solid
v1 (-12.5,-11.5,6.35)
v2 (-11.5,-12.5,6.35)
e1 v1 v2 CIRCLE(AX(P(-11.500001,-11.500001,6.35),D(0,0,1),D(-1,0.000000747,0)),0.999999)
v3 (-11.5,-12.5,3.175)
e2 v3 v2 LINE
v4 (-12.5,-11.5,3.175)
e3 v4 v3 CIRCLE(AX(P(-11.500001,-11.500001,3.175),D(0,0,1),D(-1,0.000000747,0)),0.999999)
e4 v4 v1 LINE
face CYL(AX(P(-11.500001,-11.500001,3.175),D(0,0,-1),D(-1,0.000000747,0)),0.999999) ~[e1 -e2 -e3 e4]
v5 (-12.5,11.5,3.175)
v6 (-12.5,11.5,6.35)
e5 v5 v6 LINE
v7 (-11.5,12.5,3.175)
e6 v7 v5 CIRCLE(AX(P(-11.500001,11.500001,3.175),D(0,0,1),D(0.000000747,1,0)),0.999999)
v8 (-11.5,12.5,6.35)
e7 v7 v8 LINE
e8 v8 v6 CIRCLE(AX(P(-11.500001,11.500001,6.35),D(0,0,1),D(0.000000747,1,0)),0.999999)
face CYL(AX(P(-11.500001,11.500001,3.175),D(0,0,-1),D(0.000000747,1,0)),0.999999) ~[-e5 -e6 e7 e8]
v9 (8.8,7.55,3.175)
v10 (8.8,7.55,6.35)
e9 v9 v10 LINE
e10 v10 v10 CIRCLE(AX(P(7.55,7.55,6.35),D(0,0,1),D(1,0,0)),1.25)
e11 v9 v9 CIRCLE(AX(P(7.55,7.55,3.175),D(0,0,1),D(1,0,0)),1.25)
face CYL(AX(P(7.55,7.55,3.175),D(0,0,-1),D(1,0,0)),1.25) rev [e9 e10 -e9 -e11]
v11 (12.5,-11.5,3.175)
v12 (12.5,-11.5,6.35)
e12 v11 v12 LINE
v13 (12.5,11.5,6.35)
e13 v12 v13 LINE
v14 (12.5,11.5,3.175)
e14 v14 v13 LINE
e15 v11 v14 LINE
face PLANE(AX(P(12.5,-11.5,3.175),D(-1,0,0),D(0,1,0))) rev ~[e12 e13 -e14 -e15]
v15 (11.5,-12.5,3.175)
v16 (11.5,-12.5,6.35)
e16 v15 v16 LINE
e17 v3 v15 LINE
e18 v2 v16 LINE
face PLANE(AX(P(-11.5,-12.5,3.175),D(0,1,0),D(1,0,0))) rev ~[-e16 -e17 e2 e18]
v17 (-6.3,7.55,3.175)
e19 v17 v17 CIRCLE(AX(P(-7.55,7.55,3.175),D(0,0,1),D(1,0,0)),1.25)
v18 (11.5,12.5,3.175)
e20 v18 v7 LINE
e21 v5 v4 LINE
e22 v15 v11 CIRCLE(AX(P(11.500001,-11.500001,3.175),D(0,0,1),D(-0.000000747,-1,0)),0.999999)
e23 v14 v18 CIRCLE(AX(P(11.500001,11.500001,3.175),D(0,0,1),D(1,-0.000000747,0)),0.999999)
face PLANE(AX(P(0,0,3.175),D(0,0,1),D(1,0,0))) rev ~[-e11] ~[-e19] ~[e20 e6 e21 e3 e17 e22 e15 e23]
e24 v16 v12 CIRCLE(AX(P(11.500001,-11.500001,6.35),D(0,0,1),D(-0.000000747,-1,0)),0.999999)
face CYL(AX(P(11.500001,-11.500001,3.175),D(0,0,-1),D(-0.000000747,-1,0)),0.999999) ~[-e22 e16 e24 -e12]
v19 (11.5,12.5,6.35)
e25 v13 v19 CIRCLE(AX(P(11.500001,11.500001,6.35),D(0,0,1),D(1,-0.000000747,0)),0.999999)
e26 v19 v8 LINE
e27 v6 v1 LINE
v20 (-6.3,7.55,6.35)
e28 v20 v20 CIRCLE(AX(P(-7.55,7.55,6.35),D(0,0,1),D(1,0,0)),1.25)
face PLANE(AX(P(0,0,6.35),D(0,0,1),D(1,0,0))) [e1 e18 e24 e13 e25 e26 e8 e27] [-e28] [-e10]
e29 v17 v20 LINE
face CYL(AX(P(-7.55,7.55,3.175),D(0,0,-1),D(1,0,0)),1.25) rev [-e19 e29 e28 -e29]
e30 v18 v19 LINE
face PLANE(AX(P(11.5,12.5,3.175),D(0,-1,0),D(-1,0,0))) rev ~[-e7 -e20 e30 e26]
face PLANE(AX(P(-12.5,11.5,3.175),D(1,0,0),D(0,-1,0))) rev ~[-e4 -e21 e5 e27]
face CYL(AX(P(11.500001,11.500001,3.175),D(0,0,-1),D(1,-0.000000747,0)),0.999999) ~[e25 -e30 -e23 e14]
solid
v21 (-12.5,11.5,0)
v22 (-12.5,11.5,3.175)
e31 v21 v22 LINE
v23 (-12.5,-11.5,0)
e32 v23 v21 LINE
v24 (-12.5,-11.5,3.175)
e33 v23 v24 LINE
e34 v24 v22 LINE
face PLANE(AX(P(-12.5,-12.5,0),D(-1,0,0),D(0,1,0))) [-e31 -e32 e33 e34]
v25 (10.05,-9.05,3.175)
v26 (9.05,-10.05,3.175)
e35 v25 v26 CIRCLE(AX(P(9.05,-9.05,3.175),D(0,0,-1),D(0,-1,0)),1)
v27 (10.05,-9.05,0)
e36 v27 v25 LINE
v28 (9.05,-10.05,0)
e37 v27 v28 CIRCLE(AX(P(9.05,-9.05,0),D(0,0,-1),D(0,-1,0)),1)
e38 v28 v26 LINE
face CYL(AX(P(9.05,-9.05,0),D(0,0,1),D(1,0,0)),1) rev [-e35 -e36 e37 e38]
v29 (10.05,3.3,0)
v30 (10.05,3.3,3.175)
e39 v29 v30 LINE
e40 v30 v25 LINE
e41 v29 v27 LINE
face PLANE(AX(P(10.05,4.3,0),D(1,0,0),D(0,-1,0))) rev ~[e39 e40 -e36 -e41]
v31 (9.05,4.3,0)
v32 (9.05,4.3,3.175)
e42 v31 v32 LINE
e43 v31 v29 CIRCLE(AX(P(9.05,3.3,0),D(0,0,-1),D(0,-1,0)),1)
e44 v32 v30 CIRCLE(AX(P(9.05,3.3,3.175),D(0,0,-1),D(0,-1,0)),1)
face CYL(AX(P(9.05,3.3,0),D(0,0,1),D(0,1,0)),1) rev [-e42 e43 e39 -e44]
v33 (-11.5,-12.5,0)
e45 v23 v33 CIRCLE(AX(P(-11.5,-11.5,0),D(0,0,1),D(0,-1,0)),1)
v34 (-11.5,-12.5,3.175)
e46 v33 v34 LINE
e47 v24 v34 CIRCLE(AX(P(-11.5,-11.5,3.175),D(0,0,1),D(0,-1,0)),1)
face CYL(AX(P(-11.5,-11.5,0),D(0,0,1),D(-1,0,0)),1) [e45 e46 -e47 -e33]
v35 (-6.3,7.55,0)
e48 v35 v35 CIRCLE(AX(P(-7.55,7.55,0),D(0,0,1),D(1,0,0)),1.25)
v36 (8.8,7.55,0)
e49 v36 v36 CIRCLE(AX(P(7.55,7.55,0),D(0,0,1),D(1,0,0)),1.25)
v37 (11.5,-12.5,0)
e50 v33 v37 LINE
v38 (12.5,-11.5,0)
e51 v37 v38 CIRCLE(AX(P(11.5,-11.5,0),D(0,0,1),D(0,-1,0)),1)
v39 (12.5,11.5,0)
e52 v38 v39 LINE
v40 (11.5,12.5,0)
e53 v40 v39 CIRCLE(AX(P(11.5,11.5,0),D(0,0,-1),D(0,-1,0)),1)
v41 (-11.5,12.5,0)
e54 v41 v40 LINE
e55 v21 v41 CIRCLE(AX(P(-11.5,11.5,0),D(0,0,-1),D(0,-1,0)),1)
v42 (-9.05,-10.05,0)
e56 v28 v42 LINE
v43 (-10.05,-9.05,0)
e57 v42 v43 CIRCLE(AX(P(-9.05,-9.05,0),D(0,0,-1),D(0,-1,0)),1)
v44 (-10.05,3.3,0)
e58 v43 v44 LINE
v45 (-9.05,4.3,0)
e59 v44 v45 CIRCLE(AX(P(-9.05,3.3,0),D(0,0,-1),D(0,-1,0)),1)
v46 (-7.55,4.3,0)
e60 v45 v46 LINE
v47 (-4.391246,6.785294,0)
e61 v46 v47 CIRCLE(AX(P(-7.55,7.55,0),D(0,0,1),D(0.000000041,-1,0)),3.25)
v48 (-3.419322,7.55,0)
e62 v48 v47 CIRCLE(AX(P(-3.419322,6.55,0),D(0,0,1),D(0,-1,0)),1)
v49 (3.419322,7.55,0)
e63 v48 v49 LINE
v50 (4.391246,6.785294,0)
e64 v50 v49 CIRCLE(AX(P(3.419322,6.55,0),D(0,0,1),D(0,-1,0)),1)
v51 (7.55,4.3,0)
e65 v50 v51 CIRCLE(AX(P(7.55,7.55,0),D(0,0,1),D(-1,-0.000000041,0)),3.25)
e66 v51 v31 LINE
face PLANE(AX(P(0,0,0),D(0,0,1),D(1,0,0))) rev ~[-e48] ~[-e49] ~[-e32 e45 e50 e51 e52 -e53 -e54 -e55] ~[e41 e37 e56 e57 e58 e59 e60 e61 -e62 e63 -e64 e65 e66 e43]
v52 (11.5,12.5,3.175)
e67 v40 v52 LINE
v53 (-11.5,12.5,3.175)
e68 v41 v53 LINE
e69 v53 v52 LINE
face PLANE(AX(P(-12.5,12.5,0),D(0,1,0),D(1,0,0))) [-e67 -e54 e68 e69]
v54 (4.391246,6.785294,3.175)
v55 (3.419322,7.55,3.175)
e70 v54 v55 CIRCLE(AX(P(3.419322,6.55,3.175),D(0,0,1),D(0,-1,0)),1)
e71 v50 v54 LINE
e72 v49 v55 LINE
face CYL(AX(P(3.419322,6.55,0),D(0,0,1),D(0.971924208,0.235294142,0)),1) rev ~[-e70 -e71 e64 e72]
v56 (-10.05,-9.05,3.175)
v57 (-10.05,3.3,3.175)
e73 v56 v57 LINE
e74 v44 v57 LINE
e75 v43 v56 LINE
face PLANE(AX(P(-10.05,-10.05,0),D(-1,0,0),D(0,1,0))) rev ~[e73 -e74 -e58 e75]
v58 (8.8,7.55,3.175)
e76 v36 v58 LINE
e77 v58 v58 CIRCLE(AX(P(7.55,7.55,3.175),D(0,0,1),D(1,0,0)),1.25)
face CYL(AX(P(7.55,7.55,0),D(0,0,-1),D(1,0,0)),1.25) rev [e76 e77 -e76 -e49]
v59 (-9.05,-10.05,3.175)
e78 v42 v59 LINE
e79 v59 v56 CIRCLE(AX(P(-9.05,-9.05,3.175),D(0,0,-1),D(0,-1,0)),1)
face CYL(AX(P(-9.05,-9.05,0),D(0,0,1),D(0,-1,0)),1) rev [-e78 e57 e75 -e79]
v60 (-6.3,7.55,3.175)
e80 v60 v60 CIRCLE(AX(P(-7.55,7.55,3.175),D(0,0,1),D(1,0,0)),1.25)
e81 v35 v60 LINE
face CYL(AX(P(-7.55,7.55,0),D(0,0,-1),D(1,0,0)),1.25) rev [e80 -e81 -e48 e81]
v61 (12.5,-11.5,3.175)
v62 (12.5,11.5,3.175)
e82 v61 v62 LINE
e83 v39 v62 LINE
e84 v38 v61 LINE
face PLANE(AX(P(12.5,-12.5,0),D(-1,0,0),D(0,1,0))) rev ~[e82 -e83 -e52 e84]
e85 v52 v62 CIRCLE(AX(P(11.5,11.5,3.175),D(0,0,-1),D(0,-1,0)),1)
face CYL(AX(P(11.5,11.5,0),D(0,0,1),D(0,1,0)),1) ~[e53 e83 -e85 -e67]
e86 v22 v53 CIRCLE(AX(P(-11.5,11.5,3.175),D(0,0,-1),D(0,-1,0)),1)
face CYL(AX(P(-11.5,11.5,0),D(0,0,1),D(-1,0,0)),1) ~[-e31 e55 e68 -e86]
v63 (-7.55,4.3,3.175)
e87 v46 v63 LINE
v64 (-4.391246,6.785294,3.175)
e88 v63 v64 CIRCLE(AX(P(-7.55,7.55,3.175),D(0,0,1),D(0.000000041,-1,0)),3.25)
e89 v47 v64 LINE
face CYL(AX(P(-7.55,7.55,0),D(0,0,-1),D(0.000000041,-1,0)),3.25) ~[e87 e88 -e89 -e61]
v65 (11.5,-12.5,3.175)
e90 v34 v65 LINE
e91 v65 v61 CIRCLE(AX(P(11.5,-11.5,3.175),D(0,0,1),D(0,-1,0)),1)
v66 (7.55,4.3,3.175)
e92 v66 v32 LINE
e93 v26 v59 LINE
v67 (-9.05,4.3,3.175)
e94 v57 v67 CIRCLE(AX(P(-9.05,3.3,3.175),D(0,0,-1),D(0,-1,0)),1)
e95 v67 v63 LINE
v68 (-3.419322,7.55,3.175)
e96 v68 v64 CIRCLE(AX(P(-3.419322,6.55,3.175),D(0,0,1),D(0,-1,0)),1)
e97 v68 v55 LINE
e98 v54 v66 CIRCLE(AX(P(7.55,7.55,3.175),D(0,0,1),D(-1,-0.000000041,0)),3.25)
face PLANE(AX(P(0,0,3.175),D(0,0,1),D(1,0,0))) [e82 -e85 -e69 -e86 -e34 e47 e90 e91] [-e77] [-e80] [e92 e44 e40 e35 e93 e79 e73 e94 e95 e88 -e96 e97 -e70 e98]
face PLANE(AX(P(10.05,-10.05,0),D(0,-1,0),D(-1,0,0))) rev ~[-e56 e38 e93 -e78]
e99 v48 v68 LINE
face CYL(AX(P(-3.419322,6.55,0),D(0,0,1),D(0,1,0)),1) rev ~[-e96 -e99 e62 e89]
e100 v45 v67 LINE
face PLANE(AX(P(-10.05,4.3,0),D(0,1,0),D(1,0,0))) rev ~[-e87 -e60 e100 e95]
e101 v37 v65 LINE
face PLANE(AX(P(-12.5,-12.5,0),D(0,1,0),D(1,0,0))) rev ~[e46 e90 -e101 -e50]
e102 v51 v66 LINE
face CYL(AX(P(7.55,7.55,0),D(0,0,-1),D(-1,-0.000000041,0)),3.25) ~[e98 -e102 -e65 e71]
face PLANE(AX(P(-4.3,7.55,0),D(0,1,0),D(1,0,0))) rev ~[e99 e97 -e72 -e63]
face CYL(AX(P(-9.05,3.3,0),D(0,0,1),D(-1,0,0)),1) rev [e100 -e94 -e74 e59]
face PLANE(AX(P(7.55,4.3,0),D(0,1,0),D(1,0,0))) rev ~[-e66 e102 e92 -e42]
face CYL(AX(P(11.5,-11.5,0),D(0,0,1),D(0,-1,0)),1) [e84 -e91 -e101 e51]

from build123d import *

# Parameters (mm, degrees)
F1_W     = 25
F1_H     = 25
F1_R     = 1.25
F2_DEPTH = 3.175
F3_R     = 1
F4_R     = 1.25
F5_DEPTH = 3.175


with BuildPart() as f2:
    # F1 (on Top) → F2 (new body)
    with BuildSketch(Plane.XY):
        Rectangle(F1_W, F1_H)
        with BuildLine():
            Line((10.05, 4.3), (10.05, -10.05))
            Line((10.05, -10.05), (-10.05, -10.05))
            Line((-10.05, -10.05), (-10.05, 4.3))
            Line((-10.05, 4.3), (-7.55, 4.3))
            ThreePointArc((-7.55, 4.3), (-5.251903, 5.251903), (-4.3, 7.55))
            Line((-4.3, 7.55), (4.3, 7.55))
            ThreePointArc((4.3, 7.55), (5.251903, 5.251903), (7.55, 4.3))
            Line((7.55, 4.3), (10.05, 4.3))
        make_face(mode=Mode.SUBTRACT)
        with Locations((-7.55, 7.55)):
            Circle(F1_R, mode=Mode.SUBTRACT)
        with Locations((7.55, 7.55)):
            Circle(F1_R, mode=Mode.SUBTRACT)
    extrude(amount=F2_DEPTH)

    # F3
    f3_edges = [f2.edges().sort_by_distance(p)[0] for p in [
        (-12.5, 12.5, 1.5875),
        (12.5, 12.5, 1.5875),
        (12.5, -12.5, 1.5875),
        (-12.5, -12.5, 1.5875),
        (-10.05, -10.05, 1.5875),
        (10.05, -10.05, 1.5875),
        (-10.05, 4.3, 1.5875),
        (-4.3, 7.55, 1.5875),
        (4.3, 7.55, 1.5875),
        (10.05, 4.3, 1.5875),
    ]]
    fillet(f3_edges, radius=F3_R)


with BuildPart() as f5:
    # F4 (on face) → F5 (new body)
    with BuildSketch(Plane.XY.offset(3.175)):
        with BuildLine():
            ThreePointArc((12.5, 11.5), (12.207107, 12.207107), (11.5, 12.5))
            Line((11.5, 12.5), (-11.5, 12.5))
            ThreePointArc((-11.5, 12.5), (-12.207107, 12.207107), (-12.5, 11.5))
            Line((-12.5, 11.5), (-12.5, -11.5))
            ThreePointArc((-12.5, -11.5), (-12.207107, -12.207107), (-11.5, -12.5))
            Line((-11.5, -12.5), (11.5, -12.5))
            ThreePointArc((11.5, -12.5), (12.207107, -12.207107), (12.5, -11.5))
            Line((12.5, -11.5), (12.5, 11.5))
        make_face()
        with Locations((-7.55, 7.55)):
            Circle(F4_R, mode=Mode.SUBTRACT)
        with Locations((7.55, 7.55)):
            Circle(F4_R, mode=Mode.SUBTRACT)
    extrude(amount=F5_DEPTH)


solid = Compound([f2.part, f5.part])
